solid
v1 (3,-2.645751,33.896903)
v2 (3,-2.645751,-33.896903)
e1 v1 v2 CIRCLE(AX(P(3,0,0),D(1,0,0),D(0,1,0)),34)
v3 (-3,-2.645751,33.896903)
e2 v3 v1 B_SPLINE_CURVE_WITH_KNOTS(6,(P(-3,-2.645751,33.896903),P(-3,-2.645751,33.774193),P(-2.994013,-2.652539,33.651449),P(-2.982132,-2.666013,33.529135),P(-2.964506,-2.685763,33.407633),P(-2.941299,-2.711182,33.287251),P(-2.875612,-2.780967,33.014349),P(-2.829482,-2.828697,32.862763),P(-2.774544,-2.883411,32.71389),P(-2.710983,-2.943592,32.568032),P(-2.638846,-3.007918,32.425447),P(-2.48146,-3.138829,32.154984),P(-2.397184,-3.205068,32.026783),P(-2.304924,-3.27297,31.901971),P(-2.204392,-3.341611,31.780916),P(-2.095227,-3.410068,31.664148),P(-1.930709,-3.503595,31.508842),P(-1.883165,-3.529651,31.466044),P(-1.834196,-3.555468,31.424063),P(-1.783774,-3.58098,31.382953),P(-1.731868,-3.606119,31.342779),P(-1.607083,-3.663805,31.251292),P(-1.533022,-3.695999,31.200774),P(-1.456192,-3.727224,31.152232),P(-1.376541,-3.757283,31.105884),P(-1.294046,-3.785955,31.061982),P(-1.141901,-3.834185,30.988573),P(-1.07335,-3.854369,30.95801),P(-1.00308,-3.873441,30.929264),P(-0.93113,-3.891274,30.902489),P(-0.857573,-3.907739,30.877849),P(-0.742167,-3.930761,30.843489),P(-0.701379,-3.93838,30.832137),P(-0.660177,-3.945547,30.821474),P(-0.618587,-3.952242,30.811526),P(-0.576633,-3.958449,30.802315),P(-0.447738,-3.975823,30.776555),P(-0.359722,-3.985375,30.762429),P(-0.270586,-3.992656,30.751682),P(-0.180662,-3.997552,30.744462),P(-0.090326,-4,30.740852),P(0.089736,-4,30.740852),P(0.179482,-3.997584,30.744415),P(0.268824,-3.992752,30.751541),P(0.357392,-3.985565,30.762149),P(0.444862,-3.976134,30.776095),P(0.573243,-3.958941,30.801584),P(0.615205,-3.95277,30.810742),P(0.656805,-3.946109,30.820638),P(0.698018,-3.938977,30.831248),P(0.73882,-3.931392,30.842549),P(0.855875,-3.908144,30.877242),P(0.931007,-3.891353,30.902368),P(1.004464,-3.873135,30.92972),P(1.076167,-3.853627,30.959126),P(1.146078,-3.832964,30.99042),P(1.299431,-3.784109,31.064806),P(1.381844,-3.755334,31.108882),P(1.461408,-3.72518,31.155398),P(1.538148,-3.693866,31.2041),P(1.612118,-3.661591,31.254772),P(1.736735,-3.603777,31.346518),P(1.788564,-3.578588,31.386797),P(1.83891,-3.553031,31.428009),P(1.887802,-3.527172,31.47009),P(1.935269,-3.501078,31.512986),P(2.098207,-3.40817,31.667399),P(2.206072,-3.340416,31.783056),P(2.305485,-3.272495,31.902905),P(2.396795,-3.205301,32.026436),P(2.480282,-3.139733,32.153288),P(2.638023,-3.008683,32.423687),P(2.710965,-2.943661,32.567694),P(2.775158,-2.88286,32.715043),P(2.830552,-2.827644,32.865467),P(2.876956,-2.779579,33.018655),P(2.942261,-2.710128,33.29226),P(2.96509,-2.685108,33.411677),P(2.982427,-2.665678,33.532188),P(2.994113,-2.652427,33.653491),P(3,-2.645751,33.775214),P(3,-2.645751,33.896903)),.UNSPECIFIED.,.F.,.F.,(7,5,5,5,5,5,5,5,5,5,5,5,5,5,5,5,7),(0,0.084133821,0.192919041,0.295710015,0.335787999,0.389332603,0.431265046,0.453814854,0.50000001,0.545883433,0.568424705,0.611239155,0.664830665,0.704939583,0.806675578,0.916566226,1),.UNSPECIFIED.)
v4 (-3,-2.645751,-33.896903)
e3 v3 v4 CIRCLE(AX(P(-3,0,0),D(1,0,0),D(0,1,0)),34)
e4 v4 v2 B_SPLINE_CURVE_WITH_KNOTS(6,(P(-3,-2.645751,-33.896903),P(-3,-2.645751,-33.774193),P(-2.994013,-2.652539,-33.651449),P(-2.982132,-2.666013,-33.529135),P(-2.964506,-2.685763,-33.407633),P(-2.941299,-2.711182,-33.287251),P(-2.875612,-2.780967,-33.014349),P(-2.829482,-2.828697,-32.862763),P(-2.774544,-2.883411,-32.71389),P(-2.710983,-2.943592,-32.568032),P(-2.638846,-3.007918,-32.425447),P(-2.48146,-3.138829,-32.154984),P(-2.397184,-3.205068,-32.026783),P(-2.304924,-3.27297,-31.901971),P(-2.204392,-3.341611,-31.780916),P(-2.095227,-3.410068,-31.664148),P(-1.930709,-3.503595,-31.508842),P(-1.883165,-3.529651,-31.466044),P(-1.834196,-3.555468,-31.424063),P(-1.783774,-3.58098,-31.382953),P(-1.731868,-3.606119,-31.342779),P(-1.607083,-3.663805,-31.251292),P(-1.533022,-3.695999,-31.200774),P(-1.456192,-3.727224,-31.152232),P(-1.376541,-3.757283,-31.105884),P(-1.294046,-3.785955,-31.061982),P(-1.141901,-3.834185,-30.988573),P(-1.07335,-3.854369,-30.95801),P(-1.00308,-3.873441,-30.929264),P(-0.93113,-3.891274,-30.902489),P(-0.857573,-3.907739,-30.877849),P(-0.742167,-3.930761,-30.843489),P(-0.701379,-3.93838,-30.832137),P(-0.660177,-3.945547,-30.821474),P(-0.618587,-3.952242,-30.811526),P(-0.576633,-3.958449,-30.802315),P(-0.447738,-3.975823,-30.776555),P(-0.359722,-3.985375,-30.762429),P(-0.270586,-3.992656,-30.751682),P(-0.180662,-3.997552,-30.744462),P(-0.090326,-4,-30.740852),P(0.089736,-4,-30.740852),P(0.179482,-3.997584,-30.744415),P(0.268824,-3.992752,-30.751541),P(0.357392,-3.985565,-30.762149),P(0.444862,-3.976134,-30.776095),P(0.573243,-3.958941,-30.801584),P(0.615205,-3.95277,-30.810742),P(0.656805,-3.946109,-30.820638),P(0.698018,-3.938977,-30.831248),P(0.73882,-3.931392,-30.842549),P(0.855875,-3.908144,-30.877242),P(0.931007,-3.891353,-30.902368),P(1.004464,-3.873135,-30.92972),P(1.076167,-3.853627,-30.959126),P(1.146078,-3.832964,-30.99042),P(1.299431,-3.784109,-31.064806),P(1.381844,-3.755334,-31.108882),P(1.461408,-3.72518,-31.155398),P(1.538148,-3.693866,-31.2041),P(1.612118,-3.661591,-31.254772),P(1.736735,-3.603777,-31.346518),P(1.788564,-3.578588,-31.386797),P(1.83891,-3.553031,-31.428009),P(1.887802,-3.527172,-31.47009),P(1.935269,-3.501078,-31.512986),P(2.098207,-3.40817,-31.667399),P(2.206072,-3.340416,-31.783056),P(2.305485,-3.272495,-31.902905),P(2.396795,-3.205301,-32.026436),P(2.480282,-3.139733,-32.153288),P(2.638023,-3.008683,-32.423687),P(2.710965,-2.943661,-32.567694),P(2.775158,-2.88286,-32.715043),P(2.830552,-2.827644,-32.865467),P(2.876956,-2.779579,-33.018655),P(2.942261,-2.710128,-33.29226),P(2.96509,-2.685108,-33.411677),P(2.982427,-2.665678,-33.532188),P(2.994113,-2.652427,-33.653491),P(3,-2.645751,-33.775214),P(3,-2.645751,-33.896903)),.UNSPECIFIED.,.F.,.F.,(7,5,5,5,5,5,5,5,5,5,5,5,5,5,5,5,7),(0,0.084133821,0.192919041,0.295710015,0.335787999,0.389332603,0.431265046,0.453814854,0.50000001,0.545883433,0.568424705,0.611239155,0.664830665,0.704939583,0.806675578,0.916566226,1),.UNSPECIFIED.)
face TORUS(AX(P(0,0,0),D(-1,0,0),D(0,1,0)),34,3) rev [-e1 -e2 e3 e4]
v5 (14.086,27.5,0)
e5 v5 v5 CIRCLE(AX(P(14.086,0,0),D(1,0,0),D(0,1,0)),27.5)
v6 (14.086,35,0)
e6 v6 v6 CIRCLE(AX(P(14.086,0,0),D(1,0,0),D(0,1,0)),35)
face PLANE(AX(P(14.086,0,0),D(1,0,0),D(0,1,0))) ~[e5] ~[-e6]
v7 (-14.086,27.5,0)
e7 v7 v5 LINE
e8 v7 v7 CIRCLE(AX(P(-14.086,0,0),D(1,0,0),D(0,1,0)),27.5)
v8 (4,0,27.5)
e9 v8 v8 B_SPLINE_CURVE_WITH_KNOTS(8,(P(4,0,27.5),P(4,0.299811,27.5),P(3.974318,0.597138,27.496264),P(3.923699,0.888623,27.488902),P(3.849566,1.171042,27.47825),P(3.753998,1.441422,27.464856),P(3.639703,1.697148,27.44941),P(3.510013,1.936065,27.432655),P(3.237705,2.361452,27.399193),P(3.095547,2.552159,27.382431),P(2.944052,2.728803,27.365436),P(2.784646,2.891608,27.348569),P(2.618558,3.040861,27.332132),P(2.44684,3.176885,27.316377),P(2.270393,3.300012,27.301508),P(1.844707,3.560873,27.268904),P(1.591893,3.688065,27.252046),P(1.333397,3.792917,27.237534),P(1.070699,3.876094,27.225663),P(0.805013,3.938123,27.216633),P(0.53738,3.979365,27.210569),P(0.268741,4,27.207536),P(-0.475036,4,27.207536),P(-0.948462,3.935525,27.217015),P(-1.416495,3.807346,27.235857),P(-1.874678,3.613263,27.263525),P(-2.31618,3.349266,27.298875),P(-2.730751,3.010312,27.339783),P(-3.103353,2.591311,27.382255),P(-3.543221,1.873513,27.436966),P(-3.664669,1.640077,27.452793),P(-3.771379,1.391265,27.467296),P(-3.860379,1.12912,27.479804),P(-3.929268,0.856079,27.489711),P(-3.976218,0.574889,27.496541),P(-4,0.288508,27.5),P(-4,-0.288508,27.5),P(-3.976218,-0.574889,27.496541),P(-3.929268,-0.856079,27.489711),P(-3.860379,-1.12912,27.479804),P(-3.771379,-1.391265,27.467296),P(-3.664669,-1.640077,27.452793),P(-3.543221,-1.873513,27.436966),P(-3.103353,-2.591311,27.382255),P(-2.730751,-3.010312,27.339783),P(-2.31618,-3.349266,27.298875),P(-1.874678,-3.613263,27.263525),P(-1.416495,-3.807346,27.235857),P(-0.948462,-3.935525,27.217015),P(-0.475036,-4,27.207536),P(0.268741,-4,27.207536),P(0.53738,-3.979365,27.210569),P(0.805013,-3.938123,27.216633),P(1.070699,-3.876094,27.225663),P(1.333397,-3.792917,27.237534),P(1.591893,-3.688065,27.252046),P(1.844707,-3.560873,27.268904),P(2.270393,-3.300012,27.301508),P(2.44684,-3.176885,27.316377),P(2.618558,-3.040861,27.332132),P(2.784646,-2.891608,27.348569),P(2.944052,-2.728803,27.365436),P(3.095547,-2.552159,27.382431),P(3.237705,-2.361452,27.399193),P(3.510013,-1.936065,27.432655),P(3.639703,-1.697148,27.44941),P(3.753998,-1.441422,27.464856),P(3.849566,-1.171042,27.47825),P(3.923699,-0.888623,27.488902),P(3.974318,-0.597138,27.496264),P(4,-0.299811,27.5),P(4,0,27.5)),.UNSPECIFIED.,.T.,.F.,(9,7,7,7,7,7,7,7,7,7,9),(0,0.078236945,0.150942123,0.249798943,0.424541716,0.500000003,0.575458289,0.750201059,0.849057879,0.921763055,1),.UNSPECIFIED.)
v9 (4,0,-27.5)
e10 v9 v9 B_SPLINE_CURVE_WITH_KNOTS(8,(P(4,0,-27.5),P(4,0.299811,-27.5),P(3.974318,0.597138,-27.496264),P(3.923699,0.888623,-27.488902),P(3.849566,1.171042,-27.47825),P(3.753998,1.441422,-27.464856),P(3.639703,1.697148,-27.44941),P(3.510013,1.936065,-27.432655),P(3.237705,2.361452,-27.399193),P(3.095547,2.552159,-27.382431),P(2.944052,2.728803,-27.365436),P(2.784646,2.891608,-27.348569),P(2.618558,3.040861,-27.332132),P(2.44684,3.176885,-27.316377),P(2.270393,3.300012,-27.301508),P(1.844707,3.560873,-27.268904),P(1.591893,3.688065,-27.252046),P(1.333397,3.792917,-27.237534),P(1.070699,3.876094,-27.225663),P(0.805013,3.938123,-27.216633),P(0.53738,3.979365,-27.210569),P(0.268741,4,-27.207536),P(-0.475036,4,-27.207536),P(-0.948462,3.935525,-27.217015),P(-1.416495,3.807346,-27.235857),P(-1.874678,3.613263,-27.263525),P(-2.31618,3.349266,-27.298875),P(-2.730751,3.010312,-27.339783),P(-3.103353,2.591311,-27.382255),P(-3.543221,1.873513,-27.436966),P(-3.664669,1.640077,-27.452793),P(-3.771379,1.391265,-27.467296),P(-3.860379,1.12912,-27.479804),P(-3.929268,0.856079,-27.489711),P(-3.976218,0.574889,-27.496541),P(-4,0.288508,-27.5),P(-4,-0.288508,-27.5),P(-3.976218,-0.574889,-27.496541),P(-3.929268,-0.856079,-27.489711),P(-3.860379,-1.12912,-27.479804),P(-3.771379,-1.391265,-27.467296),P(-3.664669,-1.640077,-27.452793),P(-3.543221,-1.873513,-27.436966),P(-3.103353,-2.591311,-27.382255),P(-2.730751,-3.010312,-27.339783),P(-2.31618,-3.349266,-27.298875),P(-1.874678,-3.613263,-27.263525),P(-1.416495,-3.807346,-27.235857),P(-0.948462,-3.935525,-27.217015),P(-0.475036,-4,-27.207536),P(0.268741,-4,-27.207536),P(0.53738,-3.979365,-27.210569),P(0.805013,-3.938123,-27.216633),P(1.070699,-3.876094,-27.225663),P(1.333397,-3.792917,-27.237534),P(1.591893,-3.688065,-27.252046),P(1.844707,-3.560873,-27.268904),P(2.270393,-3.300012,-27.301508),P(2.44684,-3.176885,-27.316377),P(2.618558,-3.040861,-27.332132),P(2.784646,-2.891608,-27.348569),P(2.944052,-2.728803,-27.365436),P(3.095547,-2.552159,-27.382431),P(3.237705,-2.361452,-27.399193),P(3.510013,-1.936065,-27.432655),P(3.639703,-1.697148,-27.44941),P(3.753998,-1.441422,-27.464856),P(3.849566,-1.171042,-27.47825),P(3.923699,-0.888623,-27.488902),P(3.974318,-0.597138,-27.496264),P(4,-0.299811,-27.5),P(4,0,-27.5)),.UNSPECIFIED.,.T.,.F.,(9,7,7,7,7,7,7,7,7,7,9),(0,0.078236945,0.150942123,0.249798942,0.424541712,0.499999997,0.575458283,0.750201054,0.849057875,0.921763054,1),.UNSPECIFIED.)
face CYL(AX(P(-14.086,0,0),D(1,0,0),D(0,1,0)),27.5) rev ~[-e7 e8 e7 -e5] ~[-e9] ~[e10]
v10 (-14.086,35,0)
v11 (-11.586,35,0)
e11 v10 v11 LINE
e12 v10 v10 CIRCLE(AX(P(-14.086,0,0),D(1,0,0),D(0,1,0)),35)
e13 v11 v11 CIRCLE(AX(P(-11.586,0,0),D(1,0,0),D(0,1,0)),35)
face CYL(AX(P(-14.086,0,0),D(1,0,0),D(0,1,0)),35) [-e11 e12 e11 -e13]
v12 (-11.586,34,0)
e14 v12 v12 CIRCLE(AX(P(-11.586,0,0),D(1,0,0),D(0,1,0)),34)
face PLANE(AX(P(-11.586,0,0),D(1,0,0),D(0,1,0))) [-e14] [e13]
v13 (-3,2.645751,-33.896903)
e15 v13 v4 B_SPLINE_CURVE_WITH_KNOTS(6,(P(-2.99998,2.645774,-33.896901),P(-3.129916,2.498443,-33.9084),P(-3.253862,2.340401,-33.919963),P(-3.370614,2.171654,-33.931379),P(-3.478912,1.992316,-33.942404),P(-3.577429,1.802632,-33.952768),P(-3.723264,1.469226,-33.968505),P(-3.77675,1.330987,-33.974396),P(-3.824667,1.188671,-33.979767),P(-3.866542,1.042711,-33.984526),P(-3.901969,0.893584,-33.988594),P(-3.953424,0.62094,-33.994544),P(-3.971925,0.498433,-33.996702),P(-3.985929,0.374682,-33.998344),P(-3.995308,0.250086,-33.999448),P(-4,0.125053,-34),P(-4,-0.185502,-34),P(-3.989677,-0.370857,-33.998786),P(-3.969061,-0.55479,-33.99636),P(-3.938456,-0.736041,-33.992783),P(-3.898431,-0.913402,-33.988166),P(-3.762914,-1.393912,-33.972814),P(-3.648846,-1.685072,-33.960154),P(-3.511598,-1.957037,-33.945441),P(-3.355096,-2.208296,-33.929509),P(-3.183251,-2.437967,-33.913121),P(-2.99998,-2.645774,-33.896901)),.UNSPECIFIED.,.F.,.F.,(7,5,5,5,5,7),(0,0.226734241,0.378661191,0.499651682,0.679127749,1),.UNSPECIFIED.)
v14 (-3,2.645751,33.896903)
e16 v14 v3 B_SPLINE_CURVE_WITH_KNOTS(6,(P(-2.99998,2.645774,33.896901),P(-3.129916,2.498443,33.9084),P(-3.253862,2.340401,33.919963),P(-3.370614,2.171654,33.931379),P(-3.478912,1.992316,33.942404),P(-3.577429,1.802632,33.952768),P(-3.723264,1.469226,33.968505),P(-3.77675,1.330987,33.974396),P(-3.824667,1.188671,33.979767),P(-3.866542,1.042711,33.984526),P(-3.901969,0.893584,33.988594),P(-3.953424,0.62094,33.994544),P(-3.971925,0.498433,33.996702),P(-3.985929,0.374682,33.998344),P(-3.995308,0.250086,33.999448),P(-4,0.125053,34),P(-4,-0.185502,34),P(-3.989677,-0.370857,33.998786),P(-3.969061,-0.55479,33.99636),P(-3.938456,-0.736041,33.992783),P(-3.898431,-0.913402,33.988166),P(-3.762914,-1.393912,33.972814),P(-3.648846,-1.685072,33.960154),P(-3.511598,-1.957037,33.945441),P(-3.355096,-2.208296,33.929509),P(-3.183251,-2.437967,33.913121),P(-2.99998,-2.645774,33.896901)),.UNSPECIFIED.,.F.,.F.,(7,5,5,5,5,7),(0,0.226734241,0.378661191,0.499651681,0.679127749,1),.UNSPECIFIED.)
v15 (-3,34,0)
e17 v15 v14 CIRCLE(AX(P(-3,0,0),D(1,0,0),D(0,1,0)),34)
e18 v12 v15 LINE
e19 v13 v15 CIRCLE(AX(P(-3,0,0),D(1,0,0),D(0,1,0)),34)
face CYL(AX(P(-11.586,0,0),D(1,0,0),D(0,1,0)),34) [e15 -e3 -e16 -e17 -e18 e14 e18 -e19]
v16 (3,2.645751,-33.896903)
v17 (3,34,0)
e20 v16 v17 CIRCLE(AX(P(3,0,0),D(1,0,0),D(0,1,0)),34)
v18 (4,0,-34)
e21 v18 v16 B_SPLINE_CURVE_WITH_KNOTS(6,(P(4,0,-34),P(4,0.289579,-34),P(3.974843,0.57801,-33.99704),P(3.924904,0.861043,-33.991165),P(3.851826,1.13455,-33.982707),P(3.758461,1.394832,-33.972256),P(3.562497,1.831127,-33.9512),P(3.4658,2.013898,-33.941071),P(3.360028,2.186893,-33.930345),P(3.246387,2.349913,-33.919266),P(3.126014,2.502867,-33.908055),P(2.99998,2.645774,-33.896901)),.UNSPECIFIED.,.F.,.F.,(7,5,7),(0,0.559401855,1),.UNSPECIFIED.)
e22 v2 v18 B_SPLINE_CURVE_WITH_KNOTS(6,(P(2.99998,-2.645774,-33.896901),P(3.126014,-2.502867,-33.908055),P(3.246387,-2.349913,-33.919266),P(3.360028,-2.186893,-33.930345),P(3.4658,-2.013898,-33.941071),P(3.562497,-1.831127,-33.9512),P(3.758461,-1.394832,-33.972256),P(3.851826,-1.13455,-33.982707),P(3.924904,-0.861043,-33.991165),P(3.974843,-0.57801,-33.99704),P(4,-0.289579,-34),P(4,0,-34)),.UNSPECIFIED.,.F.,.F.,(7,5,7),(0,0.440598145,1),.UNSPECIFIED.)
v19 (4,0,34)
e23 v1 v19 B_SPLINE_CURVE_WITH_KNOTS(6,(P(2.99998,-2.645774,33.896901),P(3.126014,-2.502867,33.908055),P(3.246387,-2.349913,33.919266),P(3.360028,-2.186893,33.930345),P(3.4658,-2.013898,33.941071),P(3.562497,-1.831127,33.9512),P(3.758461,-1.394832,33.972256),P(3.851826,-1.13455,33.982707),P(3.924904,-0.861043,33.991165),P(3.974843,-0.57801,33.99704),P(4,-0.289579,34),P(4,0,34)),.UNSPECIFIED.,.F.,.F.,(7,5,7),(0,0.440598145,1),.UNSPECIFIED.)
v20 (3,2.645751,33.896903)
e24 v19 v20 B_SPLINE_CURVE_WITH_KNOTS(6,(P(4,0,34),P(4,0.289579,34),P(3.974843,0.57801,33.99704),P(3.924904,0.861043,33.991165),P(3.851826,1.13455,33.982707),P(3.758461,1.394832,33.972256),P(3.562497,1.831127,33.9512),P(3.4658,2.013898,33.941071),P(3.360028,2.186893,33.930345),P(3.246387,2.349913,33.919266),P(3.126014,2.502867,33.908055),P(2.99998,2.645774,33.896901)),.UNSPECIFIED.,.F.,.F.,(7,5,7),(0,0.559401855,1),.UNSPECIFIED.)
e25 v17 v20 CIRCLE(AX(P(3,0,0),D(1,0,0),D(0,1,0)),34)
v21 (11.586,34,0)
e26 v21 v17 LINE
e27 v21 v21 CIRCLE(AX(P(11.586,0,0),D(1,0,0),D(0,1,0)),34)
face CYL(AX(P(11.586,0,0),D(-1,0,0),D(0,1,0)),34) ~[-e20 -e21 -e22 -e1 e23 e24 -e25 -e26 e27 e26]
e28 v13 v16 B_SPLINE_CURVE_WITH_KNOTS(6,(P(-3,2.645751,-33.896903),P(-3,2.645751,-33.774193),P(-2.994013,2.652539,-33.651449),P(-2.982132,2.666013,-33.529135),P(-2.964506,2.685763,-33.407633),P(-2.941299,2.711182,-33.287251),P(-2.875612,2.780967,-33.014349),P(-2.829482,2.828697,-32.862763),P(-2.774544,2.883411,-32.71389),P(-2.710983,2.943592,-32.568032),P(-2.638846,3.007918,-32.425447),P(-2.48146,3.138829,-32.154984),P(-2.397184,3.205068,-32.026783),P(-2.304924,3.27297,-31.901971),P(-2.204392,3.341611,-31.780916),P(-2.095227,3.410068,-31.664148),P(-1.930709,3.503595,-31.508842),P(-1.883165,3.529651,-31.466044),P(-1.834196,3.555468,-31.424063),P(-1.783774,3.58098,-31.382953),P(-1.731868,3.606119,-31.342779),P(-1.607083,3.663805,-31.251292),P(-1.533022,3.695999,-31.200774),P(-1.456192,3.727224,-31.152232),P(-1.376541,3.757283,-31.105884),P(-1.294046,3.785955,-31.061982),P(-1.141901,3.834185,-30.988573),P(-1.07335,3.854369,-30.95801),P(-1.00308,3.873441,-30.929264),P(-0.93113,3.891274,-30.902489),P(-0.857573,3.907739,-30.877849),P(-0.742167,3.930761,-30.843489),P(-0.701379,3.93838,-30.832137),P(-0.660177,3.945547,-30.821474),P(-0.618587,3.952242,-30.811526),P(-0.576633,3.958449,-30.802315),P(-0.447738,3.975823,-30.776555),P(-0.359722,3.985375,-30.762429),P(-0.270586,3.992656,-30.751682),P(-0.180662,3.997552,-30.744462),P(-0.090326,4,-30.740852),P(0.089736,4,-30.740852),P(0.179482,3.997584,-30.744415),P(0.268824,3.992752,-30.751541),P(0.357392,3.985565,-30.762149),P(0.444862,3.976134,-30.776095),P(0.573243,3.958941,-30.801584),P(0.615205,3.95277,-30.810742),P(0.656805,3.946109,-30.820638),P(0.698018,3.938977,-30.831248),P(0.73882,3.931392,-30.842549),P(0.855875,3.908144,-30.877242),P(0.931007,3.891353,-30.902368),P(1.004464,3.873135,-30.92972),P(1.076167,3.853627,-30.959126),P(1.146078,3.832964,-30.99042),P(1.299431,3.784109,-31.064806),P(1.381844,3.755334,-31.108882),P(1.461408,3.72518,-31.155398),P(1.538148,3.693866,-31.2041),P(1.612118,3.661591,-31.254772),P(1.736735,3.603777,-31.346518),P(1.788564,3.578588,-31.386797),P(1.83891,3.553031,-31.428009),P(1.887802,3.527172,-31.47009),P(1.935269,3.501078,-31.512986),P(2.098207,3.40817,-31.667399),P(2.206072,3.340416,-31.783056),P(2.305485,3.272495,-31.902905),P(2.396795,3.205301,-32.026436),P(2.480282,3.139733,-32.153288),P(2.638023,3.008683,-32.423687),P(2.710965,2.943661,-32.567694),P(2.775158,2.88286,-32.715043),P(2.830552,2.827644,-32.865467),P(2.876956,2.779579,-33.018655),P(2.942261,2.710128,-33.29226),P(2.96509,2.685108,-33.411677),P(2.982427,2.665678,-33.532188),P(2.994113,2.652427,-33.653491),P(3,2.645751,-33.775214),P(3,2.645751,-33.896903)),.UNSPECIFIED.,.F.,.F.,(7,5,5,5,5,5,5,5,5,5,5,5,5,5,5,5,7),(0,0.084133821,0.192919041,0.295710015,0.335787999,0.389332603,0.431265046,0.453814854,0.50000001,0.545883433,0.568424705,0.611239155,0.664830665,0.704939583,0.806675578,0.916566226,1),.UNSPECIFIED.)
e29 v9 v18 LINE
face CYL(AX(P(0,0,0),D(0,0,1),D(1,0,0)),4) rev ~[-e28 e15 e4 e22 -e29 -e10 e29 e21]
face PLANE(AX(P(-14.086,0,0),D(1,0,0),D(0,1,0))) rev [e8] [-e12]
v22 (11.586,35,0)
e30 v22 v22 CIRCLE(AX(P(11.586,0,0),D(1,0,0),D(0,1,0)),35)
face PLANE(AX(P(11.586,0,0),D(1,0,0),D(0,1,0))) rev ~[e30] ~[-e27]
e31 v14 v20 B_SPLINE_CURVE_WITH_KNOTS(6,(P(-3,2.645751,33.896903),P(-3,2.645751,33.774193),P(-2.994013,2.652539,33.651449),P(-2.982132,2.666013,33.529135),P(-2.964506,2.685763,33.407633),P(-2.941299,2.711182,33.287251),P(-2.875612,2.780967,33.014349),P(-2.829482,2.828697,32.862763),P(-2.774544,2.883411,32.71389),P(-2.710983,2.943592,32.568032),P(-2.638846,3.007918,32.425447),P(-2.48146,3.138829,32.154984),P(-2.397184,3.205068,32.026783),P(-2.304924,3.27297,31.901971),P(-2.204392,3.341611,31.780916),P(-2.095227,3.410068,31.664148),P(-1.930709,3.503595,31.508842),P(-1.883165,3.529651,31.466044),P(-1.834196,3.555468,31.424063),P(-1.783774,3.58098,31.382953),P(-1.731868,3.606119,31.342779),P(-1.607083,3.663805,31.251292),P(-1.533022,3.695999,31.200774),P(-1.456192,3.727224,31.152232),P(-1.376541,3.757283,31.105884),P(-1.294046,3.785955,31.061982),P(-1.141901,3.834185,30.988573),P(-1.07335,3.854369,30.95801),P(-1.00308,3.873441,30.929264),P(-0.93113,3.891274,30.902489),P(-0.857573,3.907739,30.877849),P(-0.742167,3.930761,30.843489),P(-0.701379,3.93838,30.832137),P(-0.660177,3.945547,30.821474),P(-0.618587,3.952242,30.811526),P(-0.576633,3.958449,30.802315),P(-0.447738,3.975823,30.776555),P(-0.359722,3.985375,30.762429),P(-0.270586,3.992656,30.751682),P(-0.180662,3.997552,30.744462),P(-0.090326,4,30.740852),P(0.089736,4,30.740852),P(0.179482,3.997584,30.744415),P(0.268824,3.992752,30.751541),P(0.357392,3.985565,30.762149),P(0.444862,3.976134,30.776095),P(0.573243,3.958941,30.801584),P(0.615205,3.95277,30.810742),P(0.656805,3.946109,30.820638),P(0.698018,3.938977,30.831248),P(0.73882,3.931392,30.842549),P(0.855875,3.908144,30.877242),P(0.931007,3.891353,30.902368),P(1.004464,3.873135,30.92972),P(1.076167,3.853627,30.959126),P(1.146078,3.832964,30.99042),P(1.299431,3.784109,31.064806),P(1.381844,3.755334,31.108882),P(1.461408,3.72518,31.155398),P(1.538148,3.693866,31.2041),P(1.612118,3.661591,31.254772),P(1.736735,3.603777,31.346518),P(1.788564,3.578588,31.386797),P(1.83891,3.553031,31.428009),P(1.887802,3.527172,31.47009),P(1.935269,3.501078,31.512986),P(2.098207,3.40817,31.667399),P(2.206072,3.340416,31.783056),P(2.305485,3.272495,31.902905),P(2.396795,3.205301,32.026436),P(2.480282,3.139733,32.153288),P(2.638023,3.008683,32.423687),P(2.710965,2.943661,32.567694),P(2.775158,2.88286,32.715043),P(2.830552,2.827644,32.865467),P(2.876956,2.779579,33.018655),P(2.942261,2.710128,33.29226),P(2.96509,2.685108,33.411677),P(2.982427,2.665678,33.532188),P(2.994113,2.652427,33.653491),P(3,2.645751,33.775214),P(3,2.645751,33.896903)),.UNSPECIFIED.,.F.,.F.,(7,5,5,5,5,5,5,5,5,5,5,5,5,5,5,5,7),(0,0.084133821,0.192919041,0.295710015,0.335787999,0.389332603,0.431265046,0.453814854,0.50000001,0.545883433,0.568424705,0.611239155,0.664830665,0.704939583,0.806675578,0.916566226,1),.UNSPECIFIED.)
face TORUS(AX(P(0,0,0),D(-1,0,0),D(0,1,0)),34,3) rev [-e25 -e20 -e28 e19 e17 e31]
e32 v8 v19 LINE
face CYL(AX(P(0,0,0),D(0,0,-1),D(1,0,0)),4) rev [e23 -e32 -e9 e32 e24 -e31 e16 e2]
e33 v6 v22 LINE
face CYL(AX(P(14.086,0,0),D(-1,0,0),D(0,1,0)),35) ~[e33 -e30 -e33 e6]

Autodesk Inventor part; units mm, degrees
ref_plane "YZ Plane" through (0, 0, 0) normal (1, 0, 0) x (0, 1, 0)
ref_plane "XZ Plane" through (0, 0, 0) normal (0, 1, 0) x (-1, 0, 0)
ref_plane "XY Plane" through (0, 0, 0) normal (0, 0, 1) x (1, 0, 0)
sketch "Sketch1" plane through (0, 0, 0) normal (0, 0, 1) x (1, 0, 0)
  line L0 (-50, 0) -> (50, 0)
  line L1 (-14.086, 27.5) -> (-14.086, 35)
  line L2 (-14.086, 27.5) -> (14.086, 27.5)
  line L3 (14.086, 27.5) -> (14.086, 35)
  arc A0 (-3, 34) -> (3, 34) centre (0, 34) ccw
  line L4 (-14.086, 35) -> (-11.586, 35)
  line L5 (-11.586, 35) -> (-11.586, 34)
  line L6 (-11.586, 34) -> (-3, 34)
  line L7 (14.086, 35) -> (11.586, 35)
  line L8 (11.586, 35) -> (11.586, 34)
  line L9 (11.586, 34) -> (3, 34)
  point P0 (0, 0)
  point P1 (0, 0)
  point P2 (0, 27.5)
  dimension "d0" = 100
  dimension "d1" = 3
  dimension "d3" = 55
  dimension "d4" = 28.172
  dimension "d9" = 2.5
  dimension "d10" = 1
  dimension "d11" = 70
revolve "Revolution1" add sketch "Sketch1" angle 360 about axis through (-50, 0, 0) along (1, 0, 0)
sketch "Sketch2" plane through (0, 0, 0) normal (0, 0, 1) x (1, 0, 0)
  circle A0 centre (0, 0) radius 4
  dimension "d6" = 8
extrude "Extrusion1" cut sketch "Sketch2" along normal through all both and the other way through all
properties part number "Łożysko wału korbowego 2"
